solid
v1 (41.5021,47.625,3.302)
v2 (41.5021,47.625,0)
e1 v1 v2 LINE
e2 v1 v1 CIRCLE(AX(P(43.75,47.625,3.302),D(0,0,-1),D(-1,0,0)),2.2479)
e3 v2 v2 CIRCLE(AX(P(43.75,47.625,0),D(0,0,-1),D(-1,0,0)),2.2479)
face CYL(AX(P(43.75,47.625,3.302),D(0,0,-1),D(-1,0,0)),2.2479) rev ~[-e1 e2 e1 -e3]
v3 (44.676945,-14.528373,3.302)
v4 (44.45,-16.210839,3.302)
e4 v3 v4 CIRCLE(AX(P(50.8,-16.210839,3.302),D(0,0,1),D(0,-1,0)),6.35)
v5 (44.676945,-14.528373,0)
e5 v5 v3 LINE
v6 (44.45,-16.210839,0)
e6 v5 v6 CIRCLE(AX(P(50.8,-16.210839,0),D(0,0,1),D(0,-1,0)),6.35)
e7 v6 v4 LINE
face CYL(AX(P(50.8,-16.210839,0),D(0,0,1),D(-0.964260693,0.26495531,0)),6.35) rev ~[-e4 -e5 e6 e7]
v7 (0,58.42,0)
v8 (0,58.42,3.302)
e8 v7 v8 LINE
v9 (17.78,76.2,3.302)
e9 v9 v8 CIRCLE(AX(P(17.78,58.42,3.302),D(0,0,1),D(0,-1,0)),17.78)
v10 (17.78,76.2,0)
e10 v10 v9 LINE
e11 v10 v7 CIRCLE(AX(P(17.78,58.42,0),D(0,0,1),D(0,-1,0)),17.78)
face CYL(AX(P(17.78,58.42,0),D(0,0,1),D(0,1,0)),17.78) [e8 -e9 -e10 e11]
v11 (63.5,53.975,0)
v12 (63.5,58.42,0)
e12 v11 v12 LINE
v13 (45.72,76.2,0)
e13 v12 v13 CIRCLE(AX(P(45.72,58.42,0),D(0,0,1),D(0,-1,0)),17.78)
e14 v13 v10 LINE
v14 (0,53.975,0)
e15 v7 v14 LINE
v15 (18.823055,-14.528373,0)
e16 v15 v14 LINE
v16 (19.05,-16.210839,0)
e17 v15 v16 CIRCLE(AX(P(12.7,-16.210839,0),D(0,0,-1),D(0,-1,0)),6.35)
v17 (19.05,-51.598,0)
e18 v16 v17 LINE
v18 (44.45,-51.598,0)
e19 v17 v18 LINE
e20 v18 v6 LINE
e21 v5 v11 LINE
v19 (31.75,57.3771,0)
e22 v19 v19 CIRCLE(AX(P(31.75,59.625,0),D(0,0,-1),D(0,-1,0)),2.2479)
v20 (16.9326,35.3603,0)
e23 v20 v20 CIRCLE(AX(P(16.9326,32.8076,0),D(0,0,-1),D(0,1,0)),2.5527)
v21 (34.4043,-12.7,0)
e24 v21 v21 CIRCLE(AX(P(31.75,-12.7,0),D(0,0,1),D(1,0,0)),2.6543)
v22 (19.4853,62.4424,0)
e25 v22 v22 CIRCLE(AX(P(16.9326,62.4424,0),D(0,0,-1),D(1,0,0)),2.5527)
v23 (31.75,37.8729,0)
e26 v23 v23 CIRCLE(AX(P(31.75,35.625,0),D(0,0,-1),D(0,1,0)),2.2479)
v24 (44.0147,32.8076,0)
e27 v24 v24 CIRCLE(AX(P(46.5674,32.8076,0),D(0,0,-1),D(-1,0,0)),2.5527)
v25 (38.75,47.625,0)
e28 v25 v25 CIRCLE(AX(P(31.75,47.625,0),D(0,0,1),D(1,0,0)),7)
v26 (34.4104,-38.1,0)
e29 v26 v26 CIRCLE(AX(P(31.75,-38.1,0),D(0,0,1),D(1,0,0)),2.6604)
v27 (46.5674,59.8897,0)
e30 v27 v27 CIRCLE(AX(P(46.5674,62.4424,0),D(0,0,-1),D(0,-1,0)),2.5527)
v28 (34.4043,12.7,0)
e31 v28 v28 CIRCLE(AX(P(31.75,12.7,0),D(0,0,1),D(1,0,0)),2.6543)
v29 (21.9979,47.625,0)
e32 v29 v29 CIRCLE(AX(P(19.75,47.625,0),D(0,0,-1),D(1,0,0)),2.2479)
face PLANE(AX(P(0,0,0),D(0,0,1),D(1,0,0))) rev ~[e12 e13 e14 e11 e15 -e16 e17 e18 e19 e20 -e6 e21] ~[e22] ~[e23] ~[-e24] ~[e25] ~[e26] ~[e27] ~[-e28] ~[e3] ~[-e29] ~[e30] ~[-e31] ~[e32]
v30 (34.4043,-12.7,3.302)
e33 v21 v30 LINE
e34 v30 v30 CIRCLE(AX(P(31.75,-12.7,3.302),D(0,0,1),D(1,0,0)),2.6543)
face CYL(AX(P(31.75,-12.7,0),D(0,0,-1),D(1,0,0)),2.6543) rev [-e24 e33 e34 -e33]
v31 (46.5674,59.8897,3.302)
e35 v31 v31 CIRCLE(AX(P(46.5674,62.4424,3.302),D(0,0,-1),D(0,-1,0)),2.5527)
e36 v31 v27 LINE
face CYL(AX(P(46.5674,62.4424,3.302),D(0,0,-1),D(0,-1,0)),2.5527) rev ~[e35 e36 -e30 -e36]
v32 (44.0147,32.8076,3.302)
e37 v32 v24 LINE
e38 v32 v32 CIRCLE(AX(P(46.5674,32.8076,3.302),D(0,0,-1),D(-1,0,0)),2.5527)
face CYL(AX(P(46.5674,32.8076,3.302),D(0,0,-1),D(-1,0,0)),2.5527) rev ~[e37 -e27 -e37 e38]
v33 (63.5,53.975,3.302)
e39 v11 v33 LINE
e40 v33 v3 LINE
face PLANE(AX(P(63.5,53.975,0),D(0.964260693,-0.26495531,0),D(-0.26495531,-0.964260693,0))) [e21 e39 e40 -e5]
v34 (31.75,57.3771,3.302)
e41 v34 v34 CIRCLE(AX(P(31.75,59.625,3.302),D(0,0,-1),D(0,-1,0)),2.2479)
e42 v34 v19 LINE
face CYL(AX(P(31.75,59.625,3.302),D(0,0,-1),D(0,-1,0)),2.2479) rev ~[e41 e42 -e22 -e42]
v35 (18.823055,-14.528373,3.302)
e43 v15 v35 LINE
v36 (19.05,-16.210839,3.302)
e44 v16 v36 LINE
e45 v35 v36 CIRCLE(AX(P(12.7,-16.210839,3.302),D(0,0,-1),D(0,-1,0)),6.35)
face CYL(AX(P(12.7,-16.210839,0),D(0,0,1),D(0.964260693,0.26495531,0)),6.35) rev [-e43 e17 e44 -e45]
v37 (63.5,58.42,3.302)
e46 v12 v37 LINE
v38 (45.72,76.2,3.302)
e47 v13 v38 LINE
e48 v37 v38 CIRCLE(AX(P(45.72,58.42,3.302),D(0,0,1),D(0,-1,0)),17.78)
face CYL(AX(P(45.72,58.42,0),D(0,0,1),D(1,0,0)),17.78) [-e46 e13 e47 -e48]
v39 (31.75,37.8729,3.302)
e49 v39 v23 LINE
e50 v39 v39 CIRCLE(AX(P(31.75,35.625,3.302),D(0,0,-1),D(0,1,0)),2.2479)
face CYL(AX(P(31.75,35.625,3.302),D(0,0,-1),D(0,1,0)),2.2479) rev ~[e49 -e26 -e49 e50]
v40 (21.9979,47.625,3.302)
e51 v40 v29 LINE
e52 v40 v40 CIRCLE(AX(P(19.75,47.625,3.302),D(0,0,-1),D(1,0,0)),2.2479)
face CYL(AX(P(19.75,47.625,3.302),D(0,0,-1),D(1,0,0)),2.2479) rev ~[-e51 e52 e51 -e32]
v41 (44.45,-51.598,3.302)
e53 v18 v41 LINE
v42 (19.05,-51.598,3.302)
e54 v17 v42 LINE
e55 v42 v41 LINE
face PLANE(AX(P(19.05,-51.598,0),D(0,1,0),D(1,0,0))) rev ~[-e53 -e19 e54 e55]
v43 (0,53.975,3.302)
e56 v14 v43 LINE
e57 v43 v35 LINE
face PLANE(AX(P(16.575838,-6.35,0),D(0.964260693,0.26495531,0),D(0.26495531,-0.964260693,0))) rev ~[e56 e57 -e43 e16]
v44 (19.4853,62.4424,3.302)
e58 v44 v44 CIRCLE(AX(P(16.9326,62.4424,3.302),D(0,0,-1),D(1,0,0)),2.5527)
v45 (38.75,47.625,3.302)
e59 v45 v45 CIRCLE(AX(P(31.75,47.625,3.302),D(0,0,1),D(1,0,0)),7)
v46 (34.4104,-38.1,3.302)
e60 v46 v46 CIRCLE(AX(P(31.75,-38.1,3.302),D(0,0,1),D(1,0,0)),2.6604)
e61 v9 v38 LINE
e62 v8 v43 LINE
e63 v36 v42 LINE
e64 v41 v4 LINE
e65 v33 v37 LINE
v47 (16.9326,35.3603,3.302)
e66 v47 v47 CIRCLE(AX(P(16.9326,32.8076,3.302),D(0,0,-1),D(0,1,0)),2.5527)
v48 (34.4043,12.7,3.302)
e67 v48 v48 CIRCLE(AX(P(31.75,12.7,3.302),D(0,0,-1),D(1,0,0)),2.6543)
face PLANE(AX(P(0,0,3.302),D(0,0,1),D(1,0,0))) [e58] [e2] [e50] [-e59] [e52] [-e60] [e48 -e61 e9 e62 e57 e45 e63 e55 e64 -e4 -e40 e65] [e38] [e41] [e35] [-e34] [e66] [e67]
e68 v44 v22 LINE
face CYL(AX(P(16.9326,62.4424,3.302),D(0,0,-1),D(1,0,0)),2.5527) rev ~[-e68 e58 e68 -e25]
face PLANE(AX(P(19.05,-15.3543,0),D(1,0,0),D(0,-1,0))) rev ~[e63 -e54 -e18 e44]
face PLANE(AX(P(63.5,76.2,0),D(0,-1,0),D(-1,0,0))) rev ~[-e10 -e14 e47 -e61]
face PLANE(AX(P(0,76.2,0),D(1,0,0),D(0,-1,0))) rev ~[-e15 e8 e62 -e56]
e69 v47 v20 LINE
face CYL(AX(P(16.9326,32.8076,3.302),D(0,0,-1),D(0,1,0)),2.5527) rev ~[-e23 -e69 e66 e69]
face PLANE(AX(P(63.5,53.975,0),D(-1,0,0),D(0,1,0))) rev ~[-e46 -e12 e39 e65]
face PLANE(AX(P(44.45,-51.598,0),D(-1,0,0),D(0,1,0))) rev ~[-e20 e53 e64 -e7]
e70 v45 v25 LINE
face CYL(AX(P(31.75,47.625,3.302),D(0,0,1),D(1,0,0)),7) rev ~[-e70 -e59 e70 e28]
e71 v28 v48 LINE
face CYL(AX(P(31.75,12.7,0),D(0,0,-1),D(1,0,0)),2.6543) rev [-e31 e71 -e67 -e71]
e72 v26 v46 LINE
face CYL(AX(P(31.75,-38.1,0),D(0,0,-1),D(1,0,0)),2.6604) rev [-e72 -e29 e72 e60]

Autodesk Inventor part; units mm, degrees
ref_plane "YZ Plane" through (0, 0, 0) normal (1, 0, 0) x (0, 1, 0)
ref_plane "XZ Plane" through (0, 0, 0) normal (0, 1, 0) x (-1, 0, 0)
ref_plane "XY Plane" through (0, 0, 0) normal (0, 0, 1) x (1, 0, 0)
sketch "Sketch1" plane through (0, 0, 0) normal (0, 0, 1) x (1, 0, 0)
  line L0 (63.5, 76.2) -> (0, 76.2)
  line L1 (0, 76.2) -> (0, 53.975)
  circle A0 centre (31.75, 47.625) radius 4.05
  line L2 (19.05, -6.35) -> (44.45, -6.35)
  line L3 (63.5, 53.975) -> (63.5, 76.2)
  line L4 (31.75, 76.2) -> (31.75, -6.35)
  circle A1 centre (31.75, 12.7) radius 2.6543
  circle A2 centre (31.75, -12.7) radius 2.6543
  circle A3 centre (31.75, -38.1) radius 2.6604
  line L5 (63.5, 53.975) -> (63.5, -6.35)
  line L6 (63.5, -6.35) -> (0, -6.35)
  line L7 (0, -6.35) -> (0, 53.975)
  line L8 (19.05, -15.3543) -> (19.05, -51.598)
  line L9 (19.05, -51.598) -> (44.45, -51.598)
  line L10 (44.45, -51.598) -> (44.45, -15.3543)
  line L11 (63.5, 53.975) -> (44.45, -15.3543)
  line L12 (0, 53.975) -> (19.05, -15.3543)
  point P0 (0, 0)
  dimension "d0" = 63.5
  dimension "d2" = 8.1
  dimension "d5" = 28.575
  dimension "d50" = 82.55
  dimension "d54" = 5.3086
  dimension "d55" = 63.5
  dimension "d59" = 25.4
  dimension "d60" = 25.4
  dimension "d61" = 25.4
extrude "Extrusion1" add sketch "Sketch1" along normal blind 3.302 contours L3 L11 L6 L2 L4 A1 A0 L0 | L4 A0 A1 L2 L6 L12 L1 L0 | L11 L10 L9 L8 L12 L6 L2
fillet "Fillet11" radius 17.78 1 edges at (63.5, 76.2, 1.651)
fillet "Fillet12" radius 17.78 1 edges at (0, 76.2, 1.651)
sketch "Sketch3" plane through (0, 0, 3.302) normal (0, 0, 1) x (1, 0, 0)
  circle A0 centre (31.75, 47.625) radius 4.05 projected
  circle A1 centre (31.75, 47.625) radius 16
  circle A2 centre (31.75, 47.625) radius 8
  circle A3 centre (31.75, 47.625) radius 12
  line L0 (31.75, 47.625) -> (31.75, 69.8383)
  line L1 (31.75, 47.625) -> (53.9633, 47.625) construction
  point P0 (0, 0)
  point P1 (31.75, 59.625)
  dimension "d28" = 24
  dimension "d26" = 32
  dimension "d27" = 16
  dimension "d36" = 90
hole "Hole1" at (31.75, 59.625, 3.302) direction (0, 0, -1) diameter 4.4958 depth 14.1986 tip angle 118 clearance for "Flat Head Machine Screw" size "M4" standard "Ansi Metric M Profile"
pattern_circular "Circular Pattern1" count 4 over 360 about axis through (31.75, 47.625, 0) along (0, 0, 1) of "Hole1"
sketch "Sketch4" plane through (0, 0, 3.302) normal (0, 0, 1) x (1, 0, 0)
  circle A0 centre (31.75, 47.625) radius 4.05 projected
  circle A1 centre (31.75, 47.625) radius 12
  circle A2 centre (31.75, 47.625) radius 16
  circle A3 centre (31.75, 47.625) radius 20.955
  line L0 (45.72, 76.2) -> (17.78, 76.2) projected
  line L1 (31.75, 47.625) -> (51.1677, 67.0427)
  line L2 (31.75, 47.625) -> (59.2107, 47.625) construction
  point P0 (0, 0)
  point P1 (46.5674, 62.4424)
  dimension "d42" = 41.91
  dimension "d40" = 24
  dimension "d41" = 32
  dimension "d58" = 45
hole "Hole2" at (46.5674, 62.4424, 3.302) direction (0, 0, -1) diameter 5.1054 depth 16.256 tip angle 118 clearance for "Flat Head Machine Screw (82)" size "#10" standard "Ansi Unified Screw Threads"
pattern_circular "Circular Pattern2" count 4 over 360 about axis through (31.75, 47.625, 0) along (0, 0, 1) of "Hole2"
fillet "Fillet16" radius 6.35 2 edges at (44.45, -15.3543, 1.651) (19.05, -15.3543, 1.651)
sketch "Sketch5" plane through (0, 0, 3.302) normal (0, 0, 1) x (1, 0, 0)
  circle A0 centre (31.75, 47.625) radius 4.05 projected
  circle A1 centre (31.75, 47.625) radius 7
  point P0 (0, 0)
  dimension "d64" = 14
extrude "Extrusion2" cut sketch "Sketch5" against normal blind 25.4 contours A0 | A1
equation "\"d54\" = d3"
equation "\"d3\" = 5.3086"
properties part number "Arm Plate3"
